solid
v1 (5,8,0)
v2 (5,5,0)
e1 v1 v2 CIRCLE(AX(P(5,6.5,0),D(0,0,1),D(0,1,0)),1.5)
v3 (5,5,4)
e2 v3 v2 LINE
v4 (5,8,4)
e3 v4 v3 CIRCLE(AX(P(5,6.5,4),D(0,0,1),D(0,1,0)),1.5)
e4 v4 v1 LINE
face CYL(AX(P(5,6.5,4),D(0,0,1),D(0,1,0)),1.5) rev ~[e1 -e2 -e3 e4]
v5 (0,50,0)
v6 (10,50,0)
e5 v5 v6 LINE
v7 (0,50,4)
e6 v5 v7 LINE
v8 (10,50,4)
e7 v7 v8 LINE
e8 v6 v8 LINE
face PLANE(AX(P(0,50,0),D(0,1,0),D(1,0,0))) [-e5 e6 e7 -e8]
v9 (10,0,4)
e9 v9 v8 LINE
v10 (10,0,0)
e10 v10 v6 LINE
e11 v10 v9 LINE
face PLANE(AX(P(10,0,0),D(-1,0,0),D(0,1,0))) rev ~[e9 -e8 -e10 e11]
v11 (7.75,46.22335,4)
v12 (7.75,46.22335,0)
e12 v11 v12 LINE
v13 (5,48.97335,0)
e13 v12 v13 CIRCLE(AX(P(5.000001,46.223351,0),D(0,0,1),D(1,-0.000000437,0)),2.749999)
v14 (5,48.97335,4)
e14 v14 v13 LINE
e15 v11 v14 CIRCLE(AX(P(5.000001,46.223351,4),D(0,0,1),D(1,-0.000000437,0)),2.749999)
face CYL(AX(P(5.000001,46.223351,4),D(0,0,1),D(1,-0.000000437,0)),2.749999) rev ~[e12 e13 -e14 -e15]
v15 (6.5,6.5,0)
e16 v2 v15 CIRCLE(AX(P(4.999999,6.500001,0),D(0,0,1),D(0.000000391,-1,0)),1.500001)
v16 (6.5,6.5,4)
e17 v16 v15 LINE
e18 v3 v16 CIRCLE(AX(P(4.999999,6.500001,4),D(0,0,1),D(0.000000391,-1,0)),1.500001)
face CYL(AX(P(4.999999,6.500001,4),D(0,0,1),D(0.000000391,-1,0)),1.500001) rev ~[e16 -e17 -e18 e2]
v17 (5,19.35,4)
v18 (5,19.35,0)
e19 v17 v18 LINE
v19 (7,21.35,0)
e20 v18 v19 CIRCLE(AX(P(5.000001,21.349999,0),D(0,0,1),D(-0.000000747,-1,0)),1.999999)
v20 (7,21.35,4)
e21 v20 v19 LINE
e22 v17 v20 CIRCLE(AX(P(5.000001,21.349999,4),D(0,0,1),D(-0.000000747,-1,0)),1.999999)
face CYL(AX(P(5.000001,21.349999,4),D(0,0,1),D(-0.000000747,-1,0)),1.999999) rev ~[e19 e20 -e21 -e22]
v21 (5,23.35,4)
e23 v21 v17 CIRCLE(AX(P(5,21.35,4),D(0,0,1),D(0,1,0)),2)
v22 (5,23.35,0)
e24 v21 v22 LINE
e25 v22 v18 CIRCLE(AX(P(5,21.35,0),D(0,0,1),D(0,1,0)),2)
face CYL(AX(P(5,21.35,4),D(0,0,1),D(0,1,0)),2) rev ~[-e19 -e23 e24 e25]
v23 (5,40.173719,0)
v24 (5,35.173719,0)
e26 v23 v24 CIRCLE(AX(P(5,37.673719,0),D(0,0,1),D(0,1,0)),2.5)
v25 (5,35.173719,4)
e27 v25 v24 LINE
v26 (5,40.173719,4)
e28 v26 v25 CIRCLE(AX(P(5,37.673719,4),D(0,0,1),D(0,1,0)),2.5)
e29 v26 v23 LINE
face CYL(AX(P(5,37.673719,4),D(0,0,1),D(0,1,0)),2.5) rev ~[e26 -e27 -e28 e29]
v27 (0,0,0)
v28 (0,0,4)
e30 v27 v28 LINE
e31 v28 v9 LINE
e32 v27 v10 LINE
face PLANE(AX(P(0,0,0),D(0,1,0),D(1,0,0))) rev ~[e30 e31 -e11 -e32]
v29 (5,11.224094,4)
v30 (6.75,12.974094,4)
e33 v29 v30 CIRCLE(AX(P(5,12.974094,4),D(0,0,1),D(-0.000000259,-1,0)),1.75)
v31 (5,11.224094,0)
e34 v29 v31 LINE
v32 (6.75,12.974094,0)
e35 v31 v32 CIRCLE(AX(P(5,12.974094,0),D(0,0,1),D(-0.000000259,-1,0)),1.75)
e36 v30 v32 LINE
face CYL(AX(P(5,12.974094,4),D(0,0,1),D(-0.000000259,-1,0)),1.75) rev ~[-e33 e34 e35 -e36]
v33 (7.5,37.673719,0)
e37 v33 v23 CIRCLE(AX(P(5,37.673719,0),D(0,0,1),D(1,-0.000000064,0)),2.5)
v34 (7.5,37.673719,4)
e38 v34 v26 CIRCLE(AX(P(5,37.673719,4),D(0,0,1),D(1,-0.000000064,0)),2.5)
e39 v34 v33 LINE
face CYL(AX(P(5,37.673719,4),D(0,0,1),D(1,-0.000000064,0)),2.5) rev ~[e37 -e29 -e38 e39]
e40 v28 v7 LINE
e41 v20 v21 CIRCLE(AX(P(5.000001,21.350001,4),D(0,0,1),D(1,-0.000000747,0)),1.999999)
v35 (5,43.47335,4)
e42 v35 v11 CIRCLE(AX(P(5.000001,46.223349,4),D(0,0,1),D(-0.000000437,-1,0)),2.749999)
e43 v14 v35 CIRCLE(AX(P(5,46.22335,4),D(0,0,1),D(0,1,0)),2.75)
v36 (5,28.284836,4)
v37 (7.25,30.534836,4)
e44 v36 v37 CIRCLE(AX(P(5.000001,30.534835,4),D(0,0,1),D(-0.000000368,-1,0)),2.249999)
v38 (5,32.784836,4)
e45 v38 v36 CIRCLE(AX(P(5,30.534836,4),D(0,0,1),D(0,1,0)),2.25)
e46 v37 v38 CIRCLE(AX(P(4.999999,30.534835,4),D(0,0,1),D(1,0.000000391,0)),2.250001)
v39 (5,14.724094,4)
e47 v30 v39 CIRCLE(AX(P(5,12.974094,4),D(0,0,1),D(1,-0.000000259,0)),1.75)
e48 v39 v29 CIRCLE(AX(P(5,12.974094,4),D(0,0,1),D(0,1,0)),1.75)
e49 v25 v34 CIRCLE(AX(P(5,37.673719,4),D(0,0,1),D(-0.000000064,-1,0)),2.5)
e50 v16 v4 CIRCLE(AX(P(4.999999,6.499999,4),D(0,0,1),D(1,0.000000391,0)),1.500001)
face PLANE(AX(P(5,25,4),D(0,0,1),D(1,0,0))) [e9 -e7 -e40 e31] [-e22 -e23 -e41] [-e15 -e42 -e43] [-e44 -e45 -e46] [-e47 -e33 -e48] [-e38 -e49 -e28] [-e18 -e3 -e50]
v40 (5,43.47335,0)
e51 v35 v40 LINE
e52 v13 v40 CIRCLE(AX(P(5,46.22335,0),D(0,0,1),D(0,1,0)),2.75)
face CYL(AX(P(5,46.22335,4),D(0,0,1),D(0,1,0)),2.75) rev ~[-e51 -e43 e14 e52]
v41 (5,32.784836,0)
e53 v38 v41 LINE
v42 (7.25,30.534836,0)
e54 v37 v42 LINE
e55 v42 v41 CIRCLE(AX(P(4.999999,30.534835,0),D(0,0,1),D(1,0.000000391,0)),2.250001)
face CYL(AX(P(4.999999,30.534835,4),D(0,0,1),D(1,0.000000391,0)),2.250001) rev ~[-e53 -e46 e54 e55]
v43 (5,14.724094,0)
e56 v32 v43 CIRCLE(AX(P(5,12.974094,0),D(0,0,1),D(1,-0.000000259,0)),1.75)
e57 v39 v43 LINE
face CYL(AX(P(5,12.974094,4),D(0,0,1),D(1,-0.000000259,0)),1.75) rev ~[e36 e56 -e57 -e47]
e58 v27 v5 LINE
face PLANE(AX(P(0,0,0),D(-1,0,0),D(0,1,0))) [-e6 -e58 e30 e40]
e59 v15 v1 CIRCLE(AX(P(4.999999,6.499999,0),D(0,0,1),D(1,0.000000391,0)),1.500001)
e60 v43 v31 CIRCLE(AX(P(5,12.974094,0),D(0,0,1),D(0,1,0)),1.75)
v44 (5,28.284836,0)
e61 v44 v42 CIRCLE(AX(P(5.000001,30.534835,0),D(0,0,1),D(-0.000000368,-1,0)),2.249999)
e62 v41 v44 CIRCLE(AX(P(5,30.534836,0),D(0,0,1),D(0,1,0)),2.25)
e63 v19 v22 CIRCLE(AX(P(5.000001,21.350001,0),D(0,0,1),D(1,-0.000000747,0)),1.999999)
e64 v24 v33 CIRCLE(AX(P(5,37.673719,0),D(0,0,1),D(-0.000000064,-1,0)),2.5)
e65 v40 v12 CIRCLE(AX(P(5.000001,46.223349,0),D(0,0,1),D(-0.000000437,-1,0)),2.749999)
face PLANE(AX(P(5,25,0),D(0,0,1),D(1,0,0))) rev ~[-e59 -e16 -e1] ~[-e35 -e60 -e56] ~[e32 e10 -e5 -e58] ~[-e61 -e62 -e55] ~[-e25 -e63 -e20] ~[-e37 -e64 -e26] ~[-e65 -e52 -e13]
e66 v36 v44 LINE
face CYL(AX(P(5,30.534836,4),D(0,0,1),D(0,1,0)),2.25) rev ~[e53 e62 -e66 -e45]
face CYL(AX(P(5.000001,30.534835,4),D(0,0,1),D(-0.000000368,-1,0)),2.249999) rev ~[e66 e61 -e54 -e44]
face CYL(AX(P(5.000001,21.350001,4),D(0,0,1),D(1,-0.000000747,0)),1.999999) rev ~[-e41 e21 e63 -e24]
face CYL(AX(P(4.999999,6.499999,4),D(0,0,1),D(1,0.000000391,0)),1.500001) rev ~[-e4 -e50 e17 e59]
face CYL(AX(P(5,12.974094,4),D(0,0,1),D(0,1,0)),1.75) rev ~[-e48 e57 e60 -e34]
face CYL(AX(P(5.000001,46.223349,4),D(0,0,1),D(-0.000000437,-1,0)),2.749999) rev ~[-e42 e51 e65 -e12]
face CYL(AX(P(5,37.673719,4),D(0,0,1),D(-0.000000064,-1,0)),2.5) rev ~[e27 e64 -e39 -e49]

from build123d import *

# Parameters (mm, degrees)
F0_W     = 10
F0_H     = 50
F1_DEPTH = 4
F3_DEPTH = 4.001


with BuildPart() as f1:
    # F0 (on Top) → F1 (new body)
    with BuildSketch(Plane.XY):
        with Locations((5, 25)):
            Rectangle(F0_W, F0_H)
    extrude(amount=F1_DEPTH)

    # F2 (on face) → F3 (cut, through all)
    with BuildSketch(Plane.XY.offset(4)):
        with BuildLine():
            ThreePointArc((5, 5), (6.06066, 5.43934), (6.5, 6.5))
            ThreePointArc((6.5, 6.5), (6.06066, 7.56066), (5, 8))
            Line((5, 8), (5, 5))
        make_face()
        with BuildLine():
            ThreePointArc((5, 48.97335), (2.25, 46.22335), (5, 43.47335))
            Line((5, 43.47335), (5, 48.97335))
        make_face()
        with BuildLine():
            Line((5, 48.97335), (5, 43.47335))
            ThreePointArc((5, 43.47335), (6.944544, 44.278806), (7.75, 46.22335))
            ThreePointArc((7.75, 46.22335), (6.944544, 48.167894), (5, 48.97335))
        make_face()
        with BuildLine():
            ThreePointArc((5, 40.173719), (2.5, 37.673719), (5, 35.173719))
            Line((5, 35.173719), (5, 40.173719))
        make_face()
        with BuildLine():
            Line((5, 40.173719), (5, 35.173719))
            ThreePointArc((5, 35.173719), (6.767767, 35.905952), (7.5, 37.673719))
            ThreePointArc((7.5, 37.673719), (6.767767, 39.441486), (5, 40.173719))
        make_face()
        with BuildLine():
            ThreePointArc((5, 32.784836), (2.75, 30.534836), (5, 28.284836))
            Line((5, 28.284836), (5, 32.784836))
        make_face()
        with BuildLine():
            Line((5, 32.784836), (5, 28.284836))
            ThreePointArc((5, 28.284836), (6.59099, 28.943845), (7.25, 30.534836))
            ThreePointArc((7.25, 30.534836), (6.59099, 32.125826), (5, 32.784836))
        make_face()
        with BuildLine():
            ThreePointArc((5, 23.35), (3, 21.35), (5, 19.35))
            Line((5, 19.35), (5, 23.35))
        make_face()
        with BuildLine():
            Line((5, 23.35), (5, 19.35))
            ThreePointArc((5, 19.35), (6.414214, 19.935786), (7, 21.35))
            ThreePointArc((7, 21.35), (6.414214, 22.764214), (5, 23.35))
        make_face()
        with BuildLine():
            ThreePointArc((5, 14.724094), (3.25, 12.974094), (5, 11.224094))
            Line((5, 11.224094), (5, 14.724094))
        make_face()
        with BuildLine():
            Line((5, 14.724094), (5, 11.224094))
            ThreePointArc((5, 11.224094), (6.237437, 11.736657), (6.75, 12.974094))
            ThreePointArc((6.75, 12.974094), (6.237437, 14.211531), (5, 14.724094))
        make_face()
        with BuildLine():
            Line((5, 5), (5, 8))
            ThreePointArc((5, 8), (3.5, 6.5), (5, 5))
        make_face()
    extrude(amount=-F3_DEPTH, mode=Mode.SUBTRACT)


solid = f1.part
